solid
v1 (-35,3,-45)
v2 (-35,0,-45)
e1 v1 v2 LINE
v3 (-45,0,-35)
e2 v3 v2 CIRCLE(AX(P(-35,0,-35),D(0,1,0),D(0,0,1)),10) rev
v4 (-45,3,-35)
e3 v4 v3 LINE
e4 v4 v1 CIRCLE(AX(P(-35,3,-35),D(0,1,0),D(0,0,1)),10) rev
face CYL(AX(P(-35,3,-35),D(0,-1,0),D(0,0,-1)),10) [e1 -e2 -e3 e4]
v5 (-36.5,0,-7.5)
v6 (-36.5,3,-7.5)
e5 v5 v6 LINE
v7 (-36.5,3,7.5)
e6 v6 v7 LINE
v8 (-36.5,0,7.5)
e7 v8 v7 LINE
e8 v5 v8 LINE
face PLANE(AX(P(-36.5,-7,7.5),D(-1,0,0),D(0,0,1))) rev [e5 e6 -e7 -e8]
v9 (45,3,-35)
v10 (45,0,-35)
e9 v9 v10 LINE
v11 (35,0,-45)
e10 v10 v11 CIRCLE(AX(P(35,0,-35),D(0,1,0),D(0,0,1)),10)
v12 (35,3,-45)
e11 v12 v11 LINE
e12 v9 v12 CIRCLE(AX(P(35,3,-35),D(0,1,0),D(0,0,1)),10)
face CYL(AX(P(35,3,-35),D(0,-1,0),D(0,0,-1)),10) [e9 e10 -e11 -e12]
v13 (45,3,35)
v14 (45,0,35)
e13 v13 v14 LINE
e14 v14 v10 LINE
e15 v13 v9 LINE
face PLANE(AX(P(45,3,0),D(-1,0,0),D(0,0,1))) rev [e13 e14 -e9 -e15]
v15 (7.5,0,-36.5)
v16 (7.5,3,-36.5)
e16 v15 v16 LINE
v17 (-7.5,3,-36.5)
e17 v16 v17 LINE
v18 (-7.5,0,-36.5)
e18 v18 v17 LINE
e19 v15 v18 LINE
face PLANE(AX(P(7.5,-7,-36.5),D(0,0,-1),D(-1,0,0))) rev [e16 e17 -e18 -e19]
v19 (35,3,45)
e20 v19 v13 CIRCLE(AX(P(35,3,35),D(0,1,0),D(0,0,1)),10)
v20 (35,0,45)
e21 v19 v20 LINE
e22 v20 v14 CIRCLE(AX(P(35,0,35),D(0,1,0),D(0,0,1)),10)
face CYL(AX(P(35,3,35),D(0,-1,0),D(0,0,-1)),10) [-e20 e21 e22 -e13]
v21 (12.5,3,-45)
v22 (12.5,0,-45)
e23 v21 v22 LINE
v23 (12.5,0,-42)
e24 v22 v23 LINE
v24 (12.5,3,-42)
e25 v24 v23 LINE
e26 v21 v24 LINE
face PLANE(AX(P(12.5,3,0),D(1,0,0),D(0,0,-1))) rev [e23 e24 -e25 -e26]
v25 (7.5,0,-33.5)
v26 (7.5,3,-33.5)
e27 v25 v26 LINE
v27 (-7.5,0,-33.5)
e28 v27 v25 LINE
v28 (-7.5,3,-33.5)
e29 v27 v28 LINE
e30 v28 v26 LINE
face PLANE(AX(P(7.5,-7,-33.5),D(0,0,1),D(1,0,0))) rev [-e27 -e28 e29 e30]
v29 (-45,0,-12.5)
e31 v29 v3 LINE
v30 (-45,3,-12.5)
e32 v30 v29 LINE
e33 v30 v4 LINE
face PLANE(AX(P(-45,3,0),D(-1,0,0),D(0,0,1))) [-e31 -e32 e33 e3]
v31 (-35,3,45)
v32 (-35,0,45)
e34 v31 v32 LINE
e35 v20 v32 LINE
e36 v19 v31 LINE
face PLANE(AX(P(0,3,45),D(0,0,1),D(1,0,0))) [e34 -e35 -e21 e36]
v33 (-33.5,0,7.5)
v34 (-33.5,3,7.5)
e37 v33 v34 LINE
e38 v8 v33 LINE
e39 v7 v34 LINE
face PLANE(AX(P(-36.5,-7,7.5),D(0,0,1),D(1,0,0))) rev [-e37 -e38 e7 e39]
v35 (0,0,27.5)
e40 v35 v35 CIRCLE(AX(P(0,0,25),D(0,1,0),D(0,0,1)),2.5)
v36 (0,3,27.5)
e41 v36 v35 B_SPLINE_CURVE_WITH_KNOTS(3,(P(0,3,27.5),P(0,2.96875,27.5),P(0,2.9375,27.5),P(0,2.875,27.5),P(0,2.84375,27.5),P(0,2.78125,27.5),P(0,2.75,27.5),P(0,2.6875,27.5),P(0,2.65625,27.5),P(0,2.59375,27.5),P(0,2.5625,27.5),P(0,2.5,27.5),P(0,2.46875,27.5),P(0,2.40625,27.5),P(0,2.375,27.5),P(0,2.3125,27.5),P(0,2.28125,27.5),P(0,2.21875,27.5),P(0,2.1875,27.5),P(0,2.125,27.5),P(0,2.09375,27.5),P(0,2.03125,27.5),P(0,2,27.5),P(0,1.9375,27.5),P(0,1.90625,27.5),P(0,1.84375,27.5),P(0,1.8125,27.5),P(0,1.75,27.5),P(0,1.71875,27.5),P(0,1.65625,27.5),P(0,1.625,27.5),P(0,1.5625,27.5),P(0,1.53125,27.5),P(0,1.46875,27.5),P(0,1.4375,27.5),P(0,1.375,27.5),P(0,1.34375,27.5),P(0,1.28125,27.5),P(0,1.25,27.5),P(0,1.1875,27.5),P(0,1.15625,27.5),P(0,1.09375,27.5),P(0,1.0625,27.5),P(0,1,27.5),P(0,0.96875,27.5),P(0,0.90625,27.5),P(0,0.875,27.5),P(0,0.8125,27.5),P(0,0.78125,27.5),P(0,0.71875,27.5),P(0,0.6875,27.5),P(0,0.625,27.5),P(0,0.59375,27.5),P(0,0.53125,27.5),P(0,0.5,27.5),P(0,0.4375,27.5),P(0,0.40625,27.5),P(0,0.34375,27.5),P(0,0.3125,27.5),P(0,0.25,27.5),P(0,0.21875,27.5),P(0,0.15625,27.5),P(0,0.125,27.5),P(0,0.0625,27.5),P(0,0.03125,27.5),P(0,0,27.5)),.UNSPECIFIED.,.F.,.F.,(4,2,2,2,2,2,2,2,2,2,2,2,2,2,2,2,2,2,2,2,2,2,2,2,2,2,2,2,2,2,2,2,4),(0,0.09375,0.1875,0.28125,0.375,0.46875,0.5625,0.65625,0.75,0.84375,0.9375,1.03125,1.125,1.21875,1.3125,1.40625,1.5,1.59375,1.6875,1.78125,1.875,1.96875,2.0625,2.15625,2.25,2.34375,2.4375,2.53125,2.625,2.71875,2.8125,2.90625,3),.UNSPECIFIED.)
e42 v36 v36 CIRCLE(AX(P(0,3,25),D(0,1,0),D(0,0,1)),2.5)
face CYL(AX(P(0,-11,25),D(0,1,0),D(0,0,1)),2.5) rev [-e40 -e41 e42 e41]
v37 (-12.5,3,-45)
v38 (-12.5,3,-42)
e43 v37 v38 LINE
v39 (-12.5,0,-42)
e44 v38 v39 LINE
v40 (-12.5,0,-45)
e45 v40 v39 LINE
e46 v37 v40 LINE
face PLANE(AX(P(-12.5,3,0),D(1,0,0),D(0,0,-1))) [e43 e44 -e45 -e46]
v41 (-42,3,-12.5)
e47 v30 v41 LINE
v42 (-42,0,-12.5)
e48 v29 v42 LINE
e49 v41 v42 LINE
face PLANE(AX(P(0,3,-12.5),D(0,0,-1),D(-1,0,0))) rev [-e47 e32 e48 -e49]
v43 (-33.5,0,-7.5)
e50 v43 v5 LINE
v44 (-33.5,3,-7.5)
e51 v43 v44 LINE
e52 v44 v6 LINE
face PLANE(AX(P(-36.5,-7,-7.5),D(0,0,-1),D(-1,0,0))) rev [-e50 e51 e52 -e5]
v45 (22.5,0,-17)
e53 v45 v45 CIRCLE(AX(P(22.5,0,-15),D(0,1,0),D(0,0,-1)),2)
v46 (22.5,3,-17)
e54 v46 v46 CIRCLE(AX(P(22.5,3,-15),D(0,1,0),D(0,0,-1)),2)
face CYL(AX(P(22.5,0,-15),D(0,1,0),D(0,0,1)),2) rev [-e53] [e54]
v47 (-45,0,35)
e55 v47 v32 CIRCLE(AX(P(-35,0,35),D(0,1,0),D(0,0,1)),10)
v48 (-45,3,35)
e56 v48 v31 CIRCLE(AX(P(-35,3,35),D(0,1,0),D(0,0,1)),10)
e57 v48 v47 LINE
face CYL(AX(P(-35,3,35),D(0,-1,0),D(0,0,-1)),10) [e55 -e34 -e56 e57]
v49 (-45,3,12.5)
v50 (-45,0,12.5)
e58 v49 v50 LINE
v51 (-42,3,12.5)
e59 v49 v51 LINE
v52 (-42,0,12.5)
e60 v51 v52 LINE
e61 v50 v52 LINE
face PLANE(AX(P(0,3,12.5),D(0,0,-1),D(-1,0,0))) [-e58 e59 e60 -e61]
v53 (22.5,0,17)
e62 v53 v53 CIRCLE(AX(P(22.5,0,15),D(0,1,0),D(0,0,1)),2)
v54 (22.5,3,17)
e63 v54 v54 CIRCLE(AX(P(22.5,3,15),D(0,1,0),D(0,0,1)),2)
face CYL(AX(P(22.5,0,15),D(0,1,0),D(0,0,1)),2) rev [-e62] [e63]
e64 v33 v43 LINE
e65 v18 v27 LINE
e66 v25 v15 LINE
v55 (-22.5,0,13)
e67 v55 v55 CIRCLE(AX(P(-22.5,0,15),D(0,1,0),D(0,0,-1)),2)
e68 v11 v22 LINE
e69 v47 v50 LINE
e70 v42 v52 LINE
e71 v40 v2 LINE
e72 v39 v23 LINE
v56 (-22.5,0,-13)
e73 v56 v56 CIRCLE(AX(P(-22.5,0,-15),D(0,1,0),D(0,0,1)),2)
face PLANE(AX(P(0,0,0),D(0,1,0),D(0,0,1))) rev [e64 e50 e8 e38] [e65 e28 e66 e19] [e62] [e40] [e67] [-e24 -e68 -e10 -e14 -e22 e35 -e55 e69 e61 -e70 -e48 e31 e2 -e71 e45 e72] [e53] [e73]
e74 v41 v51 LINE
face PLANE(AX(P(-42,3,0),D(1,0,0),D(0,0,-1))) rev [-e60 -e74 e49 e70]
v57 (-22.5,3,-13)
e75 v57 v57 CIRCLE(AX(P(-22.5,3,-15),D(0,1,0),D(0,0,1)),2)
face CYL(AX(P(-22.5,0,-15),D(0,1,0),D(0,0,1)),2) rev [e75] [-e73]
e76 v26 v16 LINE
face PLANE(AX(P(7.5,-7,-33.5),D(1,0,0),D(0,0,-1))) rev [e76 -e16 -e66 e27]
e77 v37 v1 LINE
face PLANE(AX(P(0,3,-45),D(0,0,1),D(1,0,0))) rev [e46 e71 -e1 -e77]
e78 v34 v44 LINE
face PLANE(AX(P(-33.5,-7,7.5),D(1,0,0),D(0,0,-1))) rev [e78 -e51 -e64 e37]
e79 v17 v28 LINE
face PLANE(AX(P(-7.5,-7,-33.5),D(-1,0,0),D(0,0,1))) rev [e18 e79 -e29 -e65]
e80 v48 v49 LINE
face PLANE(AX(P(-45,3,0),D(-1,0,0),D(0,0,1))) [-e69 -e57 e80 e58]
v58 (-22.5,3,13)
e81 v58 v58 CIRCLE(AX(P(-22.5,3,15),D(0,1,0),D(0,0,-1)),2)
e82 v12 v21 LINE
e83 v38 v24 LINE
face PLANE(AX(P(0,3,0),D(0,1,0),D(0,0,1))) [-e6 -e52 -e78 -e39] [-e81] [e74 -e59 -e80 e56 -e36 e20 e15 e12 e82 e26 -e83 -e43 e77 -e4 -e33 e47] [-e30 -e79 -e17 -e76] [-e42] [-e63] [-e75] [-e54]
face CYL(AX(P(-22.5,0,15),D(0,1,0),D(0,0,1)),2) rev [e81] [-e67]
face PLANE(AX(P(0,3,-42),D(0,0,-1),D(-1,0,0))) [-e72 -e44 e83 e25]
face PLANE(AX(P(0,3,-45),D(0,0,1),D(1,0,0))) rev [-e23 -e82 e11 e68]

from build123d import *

# Parameters (mm, degrees)
BOSS_EXTRUDE1_DEPTH = 3
SKETCH2_R           = 2
CUT_EXTRUDE1_DEPTH  = 3
SKETCH3_W           = 15
SKETCH3_H           = 3
SKETCH3_W_2         = 3
SKETCH3_H_2         = 15
CUT_EXTRUDE2_DEPTH  = 10
SKETCH4_R           = 2.5
CUT_EXTRUDE3_DEPTH  = 14


with BuildPart() as part:
    # Sketch1 → Boss-Extrude1 (new body)
    with BuildSketch(Plane(origin=(0, 0, 0), x_dir=(1, 0, 0), z_dir=(0, 1, 0))):
        with BuildLine():
            Line((-35, -45), (35, -45))
            ThreePointArc((35, -45), (42.071067812, -42.071067812), (45, -35))
            Line((45, -35), (45, 35))
            ThreePointArc((45, 35), (42.071067812, 42.071067812), (35, 45))
            Line((35, 45), (12.5, 45))
            Line((12.5, 45), (12.5, 42))
            Line((12.5, 42), (-12.5, 42))
            Line((-12.5, 42), (-12.5, 45))
            Line((-12.5, 45), (-35, 45))
            ThreePointArc((-35, 45), (-42.071067812, 42.071067812), (-45, 35))
            Line((-45, 35), (-45, 12.5))
            Line((-45, 12.5), (-42, 12.5))
            Line((-42, 12.5), (-42, -12.5))
            Line((-42, -12.5), (-45, -12.5))
            Line((-45, -12.5), (-45, -35))
            ThreePointArc((-45, -35), (-42.071067812, -42.071067812), (-35, -45))
        make_face()
    extrude(amount=BOSS_EXTRUDE1_DEPTH)

    # Sketch2 → Cut-Extrude1 (cut)
    with BuildSketch(Plane(origin=(0, 3, 0), x_dir=(1, 0, 0), z_dir=(0, 1, 0))):
        with Locations(Location((-22.5, 15, 0), (0, 0, 270))):
            Circle(SKETCH2_R)
        with Locations(Location((22.5, 15, 0), (0, 0, 90))):
            Circle(SKETCH2_R)
        with Locations(Location((22.5, -15, 0), (0, 0, 270))):
            Circle(SKETCH2_R)
        with Locations(Location((-22.5, -15, 0), (0, 0, 90))):
            Circle(SKETCH2_R)
    extrude(amount=-CUT_EXTRUDE1_DEPTH, mode=Mode.SUBTRACT)

    # Sketch3 → Cut-Extrude2 (cut)
    with BuildSketch(Plane(origin=(0, 3, 0), x_dir=(1, 0, 0), z_dir=(0, 1, 0))):
        with Locations((0, 35)):
            Rectangle(SKETCH3_W, SKETCH3_H)
        with Locations((-35, 0)):
            Rectangle(SKETCH3_W_2, SKETCH3_H_2)
    extrude(amount=-CUT_EXTRUDE2_DEPTH, mode=Mode.SUBTRACT)

    # Sketch4 → Cut-Extrude3 (cut)
    with BuildSketch(Plane(origin=(0, 3, 0), x_dir=(1, 0, 0), z_dir=(0, 1, 0))):
        with Locations(Location((0, -25, 0), (0, 0, 270))):
            Circle(SKETCH4_R)
    extrude(amount=-CUT_EXTRUDE3_DEPTH, mode=Mode.SUBTRACT)


solid = part.part
